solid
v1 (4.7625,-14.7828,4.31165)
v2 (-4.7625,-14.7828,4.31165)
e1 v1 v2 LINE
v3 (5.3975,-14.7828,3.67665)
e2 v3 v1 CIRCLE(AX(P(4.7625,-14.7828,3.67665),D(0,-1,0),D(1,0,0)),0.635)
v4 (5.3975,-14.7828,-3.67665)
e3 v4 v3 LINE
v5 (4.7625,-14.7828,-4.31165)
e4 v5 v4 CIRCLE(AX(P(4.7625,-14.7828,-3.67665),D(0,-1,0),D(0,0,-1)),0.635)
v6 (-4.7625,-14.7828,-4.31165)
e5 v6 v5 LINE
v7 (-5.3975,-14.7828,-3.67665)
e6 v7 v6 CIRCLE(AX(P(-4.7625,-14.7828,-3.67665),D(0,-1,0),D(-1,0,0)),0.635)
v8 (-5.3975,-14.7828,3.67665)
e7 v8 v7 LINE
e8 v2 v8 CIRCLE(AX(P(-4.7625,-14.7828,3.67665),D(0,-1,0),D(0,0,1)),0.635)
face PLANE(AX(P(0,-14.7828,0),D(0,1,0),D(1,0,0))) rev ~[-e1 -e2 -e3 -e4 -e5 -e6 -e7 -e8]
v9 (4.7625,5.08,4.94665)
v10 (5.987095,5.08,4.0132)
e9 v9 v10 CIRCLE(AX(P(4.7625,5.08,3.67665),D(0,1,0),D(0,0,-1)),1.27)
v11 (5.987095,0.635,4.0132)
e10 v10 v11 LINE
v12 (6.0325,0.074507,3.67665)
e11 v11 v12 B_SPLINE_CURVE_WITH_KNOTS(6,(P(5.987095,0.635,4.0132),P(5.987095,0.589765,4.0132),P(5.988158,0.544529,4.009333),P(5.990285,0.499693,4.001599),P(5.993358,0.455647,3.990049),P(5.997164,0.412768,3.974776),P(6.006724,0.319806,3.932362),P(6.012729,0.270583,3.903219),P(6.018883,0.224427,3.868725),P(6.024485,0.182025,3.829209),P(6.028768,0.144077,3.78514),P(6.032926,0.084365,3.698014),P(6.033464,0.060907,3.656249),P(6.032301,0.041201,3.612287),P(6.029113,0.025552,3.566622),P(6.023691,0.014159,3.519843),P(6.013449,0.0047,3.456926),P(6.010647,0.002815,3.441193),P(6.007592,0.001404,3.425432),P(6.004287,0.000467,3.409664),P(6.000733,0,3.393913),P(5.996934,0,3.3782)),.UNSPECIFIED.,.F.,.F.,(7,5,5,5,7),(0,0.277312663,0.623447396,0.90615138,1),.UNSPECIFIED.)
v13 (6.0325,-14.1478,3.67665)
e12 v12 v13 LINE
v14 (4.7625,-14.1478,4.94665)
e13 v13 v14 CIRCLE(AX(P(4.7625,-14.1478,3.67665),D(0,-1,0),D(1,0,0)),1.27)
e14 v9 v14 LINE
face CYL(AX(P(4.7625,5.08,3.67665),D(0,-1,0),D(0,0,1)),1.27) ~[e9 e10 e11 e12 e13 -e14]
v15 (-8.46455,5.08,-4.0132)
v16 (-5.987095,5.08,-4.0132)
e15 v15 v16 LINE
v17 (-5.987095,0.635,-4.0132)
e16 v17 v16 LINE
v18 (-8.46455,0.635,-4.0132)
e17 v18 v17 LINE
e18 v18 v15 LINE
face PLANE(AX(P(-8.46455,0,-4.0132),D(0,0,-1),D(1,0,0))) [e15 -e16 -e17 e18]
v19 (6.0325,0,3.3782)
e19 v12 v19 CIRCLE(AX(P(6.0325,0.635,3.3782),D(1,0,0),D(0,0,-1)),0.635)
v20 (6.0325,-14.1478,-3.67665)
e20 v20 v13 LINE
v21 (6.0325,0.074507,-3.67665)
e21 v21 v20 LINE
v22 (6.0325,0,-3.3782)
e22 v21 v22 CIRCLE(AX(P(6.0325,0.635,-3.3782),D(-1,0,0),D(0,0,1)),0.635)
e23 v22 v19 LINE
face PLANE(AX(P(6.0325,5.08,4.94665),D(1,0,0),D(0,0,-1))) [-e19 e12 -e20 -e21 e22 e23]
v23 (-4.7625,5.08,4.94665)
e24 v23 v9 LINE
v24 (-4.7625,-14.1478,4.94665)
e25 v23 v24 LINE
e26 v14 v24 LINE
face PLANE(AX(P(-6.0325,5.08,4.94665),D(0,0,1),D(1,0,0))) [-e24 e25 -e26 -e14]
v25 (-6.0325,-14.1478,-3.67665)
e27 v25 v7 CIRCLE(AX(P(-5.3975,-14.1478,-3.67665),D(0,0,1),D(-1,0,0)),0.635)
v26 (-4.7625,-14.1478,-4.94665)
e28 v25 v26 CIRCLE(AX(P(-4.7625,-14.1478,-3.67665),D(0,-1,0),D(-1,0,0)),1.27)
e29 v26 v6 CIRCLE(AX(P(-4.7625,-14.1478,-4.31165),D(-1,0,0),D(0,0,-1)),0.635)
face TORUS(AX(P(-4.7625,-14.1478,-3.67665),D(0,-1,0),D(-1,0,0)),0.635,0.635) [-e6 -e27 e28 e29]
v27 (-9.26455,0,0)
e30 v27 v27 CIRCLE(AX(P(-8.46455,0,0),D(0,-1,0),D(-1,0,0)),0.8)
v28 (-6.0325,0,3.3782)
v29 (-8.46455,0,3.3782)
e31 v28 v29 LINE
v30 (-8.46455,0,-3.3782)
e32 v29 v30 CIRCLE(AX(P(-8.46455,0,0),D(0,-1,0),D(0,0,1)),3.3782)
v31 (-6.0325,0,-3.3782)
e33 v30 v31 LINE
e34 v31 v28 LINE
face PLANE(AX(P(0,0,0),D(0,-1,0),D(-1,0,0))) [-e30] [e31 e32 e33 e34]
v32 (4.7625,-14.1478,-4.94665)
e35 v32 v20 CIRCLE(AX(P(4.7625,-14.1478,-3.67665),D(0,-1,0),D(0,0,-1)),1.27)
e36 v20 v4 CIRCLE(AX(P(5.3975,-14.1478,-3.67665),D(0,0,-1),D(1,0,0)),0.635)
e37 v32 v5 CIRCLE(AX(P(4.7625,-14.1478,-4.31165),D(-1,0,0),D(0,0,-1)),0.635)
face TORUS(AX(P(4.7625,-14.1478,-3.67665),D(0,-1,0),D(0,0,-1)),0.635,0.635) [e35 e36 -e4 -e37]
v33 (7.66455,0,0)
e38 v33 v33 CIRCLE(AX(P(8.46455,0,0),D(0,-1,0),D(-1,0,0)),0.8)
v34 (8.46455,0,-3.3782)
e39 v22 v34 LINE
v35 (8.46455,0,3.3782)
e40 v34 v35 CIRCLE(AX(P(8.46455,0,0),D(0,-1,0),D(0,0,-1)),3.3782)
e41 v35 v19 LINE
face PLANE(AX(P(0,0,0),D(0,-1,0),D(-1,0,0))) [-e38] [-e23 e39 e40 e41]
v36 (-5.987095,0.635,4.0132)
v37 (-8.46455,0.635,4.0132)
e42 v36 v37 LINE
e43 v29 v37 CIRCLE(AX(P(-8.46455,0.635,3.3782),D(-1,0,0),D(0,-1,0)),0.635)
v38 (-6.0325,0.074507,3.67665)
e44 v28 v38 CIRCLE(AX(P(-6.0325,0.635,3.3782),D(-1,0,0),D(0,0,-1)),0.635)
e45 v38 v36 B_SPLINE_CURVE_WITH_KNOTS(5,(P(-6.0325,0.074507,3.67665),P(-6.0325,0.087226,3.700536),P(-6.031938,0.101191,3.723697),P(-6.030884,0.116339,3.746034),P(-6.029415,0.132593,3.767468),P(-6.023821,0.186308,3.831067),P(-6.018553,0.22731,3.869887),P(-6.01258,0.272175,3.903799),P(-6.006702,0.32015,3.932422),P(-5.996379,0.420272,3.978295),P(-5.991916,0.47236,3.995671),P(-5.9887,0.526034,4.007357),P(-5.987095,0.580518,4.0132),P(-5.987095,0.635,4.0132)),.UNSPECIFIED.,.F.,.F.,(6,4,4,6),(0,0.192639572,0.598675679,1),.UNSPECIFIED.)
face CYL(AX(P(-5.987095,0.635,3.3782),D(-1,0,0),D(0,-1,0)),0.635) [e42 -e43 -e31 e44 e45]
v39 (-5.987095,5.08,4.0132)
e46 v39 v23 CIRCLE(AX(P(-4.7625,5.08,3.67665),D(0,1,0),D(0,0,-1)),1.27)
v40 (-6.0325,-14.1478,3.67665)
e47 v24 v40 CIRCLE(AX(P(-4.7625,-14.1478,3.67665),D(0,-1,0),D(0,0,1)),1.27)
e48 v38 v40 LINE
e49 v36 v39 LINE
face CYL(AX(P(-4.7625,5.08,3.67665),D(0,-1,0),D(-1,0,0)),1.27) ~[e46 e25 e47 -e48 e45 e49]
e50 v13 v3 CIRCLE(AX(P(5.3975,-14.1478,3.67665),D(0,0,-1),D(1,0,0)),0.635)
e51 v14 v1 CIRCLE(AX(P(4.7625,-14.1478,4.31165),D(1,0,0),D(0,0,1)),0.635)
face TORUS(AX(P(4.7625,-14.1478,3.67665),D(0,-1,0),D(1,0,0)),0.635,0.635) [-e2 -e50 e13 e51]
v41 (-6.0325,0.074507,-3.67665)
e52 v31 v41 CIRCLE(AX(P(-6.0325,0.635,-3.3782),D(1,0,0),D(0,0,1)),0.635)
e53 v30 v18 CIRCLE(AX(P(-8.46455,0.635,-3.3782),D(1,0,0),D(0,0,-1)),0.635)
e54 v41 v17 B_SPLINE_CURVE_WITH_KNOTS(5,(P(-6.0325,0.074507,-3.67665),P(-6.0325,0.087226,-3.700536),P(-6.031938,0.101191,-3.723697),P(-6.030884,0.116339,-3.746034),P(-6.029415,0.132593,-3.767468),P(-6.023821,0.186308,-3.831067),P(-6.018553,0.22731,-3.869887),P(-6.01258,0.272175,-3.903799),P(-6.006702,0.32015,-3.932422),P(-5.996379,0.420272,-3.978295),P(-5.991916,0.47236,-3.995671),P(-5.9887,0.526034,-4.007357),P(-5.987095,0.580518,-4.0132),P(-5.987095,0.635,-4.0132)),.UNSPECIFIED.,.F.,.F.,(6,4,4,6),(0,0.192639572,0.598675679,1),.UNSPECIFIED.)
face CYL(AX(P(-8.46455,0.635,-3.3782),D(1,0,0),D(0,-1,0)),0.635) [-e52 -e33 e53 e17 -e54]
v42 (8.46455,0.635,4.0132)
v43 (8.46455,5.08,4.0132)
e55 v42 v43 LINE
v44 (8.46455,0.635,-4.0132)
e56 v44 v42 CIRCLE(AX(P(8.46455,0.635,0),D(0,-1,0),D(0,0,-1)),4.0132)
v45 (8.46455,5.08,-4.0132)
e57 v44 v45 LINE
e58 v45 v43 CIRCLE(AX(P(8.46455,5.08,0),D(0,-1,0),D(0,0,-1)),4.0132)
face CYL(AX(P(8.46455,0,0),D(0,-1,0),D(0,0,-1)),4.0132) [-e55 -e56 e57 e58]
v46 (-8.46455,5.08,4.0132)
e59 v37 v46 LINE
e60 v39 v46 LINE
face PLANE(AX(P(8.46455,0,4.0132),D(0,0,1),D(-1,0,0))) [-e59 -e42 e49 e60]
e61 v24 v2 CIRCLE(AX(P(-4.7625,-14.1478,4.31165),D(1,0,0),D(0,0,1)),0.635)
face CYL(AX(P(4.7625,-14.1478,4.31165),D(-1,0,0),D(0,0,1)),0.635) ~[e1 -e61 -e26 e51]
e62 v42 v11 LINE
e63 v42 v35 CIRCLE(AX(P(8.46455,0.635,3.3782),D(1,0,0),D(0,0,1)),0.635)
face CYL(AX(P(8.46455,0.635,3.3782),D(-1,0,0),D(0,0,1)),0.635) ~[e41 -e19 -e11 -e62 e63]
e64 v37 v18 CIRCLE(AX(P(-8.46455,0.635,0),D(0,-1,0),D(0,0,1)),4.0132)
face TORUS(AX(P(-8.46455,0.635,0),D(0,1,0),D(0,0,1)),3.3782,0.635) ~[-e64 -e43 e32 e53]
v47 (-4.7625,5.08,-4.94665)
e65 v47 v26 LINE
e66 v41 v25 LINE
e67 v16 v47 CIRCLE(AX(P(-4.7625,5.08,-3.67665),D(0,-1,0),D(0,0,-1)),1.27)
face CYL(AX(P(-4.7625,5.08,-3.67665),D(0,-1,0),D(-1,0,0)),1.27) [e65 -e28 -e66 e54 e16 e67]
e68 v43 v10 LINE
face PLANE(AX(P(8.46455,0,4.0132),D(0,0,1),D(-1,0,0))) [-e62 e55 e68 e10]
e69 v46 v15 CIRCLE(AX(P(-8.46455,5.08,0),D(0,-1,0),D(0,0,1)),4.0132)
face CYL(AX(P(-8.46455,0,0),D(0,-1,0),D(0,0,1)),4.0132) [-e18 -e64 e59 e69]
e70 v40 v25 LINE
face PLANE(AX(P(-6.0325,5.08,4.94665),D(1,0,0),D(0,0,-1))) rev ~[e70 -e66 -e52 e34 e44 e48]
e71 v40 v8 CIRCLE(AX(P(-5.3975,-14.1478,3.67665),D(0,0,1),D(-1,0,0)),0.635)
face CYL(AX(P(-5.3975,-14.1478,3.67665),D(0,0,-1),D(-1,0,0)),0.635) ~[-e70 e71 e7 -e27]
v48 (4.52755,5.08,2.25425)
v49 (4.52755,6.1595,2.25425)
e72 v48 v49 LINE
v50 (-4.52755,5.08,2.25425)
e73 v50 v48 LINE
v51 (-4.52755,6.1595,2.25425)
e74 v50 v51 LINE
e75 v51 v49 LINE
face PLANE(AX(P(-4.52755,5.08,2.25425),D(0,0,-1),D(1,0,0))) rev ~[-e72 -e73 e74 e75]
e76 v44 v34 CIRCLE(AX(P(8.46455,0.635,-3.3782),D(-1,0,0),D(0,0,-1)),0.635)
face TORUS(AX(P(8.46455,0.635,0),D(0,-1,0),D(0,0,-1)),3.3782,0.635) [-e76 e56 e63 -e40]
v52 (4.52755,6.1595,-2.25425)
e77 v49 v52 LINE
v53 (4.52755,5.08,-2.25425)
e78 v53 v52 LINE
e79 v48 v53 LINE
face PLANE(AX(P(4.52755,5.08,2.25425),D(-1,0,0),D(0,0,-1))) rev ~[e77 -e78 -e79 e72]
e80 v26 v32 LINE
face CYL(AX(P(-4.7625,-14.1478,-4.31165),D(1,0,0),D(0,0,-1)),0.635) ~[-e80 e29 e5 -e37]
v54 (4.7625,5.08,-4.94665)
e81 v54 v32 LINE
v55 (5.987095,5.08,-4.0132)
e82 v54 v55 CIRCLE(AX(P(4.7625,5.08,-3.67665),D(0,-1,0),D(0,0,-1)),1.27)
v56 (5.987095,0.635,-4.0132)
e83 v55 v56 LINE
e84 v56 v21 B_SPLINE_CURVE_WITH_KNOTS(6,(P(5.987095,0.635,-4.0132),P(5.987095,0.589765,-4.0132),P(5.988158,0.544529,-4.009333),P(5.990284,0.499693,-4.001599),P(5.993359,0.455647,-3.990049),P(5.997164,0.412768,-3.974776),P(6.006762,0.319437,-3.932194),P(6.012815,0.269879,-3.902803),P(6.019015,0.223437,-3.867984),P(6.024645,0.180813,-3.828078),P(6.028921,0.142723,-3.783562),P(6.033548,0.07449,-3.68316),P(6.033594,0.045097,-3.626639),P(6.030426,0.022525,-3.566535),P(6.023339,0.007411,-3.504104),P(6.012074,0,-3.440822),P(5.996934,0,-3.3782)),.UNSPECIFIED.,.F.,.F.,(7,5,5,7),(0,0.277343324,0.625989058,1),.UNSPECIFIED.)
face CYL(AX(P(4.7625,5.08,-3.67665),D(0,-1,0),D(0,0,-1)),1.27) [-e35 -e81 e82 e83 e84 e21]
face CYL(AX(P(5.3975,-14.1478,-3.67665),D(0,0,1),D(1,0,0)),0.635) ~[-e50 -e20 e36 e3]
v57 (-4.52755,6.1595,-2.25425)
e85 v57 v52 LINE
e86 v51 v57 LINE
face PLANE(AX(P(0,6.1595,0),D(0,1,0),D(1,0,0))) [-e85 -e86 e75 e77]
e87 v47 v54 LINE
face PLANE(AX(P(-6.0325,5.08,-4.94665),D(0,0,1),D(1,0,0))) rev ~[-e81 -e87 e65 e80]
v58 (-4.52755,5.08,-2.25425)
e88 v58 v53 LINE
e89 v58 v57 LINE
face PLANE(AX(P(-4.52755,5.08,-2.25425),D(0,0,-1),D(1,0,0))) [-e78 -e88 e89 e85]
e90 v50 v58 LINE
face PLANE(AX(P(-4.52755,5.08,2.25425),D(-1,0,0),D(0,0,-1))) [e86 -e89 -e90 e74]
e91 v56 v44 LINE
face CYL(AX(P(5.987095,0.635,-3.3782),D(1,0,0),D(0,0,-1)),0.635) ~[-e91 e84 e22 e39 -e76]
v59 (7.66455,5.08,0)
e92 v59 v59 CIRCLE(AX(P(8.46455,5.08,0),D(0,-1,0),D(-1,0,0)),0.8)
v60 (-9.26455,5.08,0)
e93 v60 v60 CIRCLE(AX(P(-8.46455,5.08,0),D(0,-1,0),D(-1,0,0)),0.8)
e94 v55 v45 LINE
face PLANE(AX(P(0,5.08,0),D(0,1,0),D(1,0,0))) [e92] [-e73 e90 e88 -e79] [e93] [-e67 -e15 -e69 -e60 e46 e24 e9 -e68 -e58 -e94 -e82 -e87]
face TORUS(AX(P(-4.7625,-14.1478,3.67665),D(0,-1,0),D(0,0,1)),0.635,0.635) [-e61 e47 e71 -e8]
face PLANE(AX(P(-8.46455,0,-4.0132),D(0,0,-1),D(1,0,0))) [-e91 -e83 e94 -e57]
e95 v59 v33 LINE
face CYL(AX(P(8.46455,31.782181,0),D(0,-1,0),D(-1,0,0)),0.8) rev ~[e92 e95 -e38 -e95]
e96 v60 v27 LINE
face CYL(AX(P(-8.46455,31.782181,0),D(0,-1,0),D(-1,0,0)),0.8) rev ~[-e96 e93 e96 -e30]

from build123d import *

# Parameters (mm, degrees)
BOSS_EXTRUDE1_DEPTH   = 5.08
M2X0_4_TAPPED_HOLE1_D = 1.6
SKETCH8_W             = 12.065
SKETCH8_H             = 9.8933
BOSS_EXTRUDE2_DEPTH   = 19.8628
FILLET1_R             = 1.27
FILLET2_R             = 0.635
FILLET3_R             = 0.635
SKETCH9_W             = 9.0551
SKETCH9_H             = 4.5085
BOSS_EXTRUDE3_DEPTH   = 1.0795


with BuildPart() as part:
    # Sketch1 → Boss-Extrude1 (new body)
    with BuildSketch(Plane(origin=(0, 0, 0), x_dir=(1, 0, 0), z_dir=(0, 1, 0))):
        with BuildLine():
            Line((8.46455, -4.0132), (-8.46455, -4.0132))
            ThreePointArc((-8.46455, -4.0132), (-12.47775, 0), (-8.46455, 4.0132))
            Line((-8.46455, 4.0132), (8.46455, 4.0132))
            ThreePointArc((8.46455, 4.0132), (12.47775, 0), (8.46455, -4.0132))
        make_face()
    extrude(amount=BOSS_EXTRUDE1_DEPTH)

    # M2x0.4 Tapped Hole1 (through all)
    with Locations(Plane(origin=(0, 5.08, 0), x_dir=(1, 0, 0), z_dir=(0, 1, 0))):
        with Locations((-8.46455, 0), (8.46455, 0)):
            Hole(M2X0_4_TAPPED_HOLE1_D / 2)

    # Sketch8 → Boss-Extrude2 (add)
    with BuildSketch(Plane(origin=(0, 5.08, 0), x_dir=(1, 0, 0), z_dir=(0, 1, 0))):
        Rectangle(SKETCH8_W, SKETCH8_H)
    extrude(amount=-BOSS_EXTRUDE2_DEPTH)

    # Fillet1
    fillet1_edges = [part.edges().sort_by_distance(p)[0] for p in [
        (-6.0325, -4.8514, 4.94665),
        (6.0325, -4.8514, 4.94665),
        (-6.0325, -4.8514, -4.94665),
        (6.0325, -4.8514, -4.94665),
    ]]
    fillet(fillet1_edges, radius=FILLET1_R)

    # Fillet2
    fillet2_edges = [part.edges().sort_by_distance(p)[0] for p in [
        (-7.225822742, 0, 4.0132),
        (-12.47775, 0, 0),
        (-7.225822742, 0, -4.0132),
        (7.225822742, 0, -4.0132),
        (7.225822742, 0, 4.0132),
        (12.47775, 0, 0),
    ]]
    fillet(fillet2_edges, radius=FILLET2_R)

    # Fillet3
    fillet3_edges = [part.edges().sort_by_distance(p)[0] for p in [
        (-6.0325, -14.7828, 0),
        (0, -14.7828, 4.94665),
        (0, -14.7828, -4.94665),
        (6.0325, -14.7828, 0),
        (5.660525612, -14.7828, -4.574675612),
        (-5.660525612, -14.7828, -4.574675612),
        (5.660525612, -14.7828, 4.574675612),
        (-5.660525612, -14.7828, 4.574675612),
    ]]
    fillet(fillet3_edges, radius=FILLET3_R)

    # Sketch9 → Boss-Extrude3 (add)
    with BuildSketch(Plane(origin=(0, 5.08, 0), x_dir=(1, 0, 0), z_dir=(0, 1, 0))):
        Rectangle(SKETCH9_W, SKETCH9_H)
    extrude(amount=BOSS_EXTRUDE3_DEPTH)


solid = part.part
